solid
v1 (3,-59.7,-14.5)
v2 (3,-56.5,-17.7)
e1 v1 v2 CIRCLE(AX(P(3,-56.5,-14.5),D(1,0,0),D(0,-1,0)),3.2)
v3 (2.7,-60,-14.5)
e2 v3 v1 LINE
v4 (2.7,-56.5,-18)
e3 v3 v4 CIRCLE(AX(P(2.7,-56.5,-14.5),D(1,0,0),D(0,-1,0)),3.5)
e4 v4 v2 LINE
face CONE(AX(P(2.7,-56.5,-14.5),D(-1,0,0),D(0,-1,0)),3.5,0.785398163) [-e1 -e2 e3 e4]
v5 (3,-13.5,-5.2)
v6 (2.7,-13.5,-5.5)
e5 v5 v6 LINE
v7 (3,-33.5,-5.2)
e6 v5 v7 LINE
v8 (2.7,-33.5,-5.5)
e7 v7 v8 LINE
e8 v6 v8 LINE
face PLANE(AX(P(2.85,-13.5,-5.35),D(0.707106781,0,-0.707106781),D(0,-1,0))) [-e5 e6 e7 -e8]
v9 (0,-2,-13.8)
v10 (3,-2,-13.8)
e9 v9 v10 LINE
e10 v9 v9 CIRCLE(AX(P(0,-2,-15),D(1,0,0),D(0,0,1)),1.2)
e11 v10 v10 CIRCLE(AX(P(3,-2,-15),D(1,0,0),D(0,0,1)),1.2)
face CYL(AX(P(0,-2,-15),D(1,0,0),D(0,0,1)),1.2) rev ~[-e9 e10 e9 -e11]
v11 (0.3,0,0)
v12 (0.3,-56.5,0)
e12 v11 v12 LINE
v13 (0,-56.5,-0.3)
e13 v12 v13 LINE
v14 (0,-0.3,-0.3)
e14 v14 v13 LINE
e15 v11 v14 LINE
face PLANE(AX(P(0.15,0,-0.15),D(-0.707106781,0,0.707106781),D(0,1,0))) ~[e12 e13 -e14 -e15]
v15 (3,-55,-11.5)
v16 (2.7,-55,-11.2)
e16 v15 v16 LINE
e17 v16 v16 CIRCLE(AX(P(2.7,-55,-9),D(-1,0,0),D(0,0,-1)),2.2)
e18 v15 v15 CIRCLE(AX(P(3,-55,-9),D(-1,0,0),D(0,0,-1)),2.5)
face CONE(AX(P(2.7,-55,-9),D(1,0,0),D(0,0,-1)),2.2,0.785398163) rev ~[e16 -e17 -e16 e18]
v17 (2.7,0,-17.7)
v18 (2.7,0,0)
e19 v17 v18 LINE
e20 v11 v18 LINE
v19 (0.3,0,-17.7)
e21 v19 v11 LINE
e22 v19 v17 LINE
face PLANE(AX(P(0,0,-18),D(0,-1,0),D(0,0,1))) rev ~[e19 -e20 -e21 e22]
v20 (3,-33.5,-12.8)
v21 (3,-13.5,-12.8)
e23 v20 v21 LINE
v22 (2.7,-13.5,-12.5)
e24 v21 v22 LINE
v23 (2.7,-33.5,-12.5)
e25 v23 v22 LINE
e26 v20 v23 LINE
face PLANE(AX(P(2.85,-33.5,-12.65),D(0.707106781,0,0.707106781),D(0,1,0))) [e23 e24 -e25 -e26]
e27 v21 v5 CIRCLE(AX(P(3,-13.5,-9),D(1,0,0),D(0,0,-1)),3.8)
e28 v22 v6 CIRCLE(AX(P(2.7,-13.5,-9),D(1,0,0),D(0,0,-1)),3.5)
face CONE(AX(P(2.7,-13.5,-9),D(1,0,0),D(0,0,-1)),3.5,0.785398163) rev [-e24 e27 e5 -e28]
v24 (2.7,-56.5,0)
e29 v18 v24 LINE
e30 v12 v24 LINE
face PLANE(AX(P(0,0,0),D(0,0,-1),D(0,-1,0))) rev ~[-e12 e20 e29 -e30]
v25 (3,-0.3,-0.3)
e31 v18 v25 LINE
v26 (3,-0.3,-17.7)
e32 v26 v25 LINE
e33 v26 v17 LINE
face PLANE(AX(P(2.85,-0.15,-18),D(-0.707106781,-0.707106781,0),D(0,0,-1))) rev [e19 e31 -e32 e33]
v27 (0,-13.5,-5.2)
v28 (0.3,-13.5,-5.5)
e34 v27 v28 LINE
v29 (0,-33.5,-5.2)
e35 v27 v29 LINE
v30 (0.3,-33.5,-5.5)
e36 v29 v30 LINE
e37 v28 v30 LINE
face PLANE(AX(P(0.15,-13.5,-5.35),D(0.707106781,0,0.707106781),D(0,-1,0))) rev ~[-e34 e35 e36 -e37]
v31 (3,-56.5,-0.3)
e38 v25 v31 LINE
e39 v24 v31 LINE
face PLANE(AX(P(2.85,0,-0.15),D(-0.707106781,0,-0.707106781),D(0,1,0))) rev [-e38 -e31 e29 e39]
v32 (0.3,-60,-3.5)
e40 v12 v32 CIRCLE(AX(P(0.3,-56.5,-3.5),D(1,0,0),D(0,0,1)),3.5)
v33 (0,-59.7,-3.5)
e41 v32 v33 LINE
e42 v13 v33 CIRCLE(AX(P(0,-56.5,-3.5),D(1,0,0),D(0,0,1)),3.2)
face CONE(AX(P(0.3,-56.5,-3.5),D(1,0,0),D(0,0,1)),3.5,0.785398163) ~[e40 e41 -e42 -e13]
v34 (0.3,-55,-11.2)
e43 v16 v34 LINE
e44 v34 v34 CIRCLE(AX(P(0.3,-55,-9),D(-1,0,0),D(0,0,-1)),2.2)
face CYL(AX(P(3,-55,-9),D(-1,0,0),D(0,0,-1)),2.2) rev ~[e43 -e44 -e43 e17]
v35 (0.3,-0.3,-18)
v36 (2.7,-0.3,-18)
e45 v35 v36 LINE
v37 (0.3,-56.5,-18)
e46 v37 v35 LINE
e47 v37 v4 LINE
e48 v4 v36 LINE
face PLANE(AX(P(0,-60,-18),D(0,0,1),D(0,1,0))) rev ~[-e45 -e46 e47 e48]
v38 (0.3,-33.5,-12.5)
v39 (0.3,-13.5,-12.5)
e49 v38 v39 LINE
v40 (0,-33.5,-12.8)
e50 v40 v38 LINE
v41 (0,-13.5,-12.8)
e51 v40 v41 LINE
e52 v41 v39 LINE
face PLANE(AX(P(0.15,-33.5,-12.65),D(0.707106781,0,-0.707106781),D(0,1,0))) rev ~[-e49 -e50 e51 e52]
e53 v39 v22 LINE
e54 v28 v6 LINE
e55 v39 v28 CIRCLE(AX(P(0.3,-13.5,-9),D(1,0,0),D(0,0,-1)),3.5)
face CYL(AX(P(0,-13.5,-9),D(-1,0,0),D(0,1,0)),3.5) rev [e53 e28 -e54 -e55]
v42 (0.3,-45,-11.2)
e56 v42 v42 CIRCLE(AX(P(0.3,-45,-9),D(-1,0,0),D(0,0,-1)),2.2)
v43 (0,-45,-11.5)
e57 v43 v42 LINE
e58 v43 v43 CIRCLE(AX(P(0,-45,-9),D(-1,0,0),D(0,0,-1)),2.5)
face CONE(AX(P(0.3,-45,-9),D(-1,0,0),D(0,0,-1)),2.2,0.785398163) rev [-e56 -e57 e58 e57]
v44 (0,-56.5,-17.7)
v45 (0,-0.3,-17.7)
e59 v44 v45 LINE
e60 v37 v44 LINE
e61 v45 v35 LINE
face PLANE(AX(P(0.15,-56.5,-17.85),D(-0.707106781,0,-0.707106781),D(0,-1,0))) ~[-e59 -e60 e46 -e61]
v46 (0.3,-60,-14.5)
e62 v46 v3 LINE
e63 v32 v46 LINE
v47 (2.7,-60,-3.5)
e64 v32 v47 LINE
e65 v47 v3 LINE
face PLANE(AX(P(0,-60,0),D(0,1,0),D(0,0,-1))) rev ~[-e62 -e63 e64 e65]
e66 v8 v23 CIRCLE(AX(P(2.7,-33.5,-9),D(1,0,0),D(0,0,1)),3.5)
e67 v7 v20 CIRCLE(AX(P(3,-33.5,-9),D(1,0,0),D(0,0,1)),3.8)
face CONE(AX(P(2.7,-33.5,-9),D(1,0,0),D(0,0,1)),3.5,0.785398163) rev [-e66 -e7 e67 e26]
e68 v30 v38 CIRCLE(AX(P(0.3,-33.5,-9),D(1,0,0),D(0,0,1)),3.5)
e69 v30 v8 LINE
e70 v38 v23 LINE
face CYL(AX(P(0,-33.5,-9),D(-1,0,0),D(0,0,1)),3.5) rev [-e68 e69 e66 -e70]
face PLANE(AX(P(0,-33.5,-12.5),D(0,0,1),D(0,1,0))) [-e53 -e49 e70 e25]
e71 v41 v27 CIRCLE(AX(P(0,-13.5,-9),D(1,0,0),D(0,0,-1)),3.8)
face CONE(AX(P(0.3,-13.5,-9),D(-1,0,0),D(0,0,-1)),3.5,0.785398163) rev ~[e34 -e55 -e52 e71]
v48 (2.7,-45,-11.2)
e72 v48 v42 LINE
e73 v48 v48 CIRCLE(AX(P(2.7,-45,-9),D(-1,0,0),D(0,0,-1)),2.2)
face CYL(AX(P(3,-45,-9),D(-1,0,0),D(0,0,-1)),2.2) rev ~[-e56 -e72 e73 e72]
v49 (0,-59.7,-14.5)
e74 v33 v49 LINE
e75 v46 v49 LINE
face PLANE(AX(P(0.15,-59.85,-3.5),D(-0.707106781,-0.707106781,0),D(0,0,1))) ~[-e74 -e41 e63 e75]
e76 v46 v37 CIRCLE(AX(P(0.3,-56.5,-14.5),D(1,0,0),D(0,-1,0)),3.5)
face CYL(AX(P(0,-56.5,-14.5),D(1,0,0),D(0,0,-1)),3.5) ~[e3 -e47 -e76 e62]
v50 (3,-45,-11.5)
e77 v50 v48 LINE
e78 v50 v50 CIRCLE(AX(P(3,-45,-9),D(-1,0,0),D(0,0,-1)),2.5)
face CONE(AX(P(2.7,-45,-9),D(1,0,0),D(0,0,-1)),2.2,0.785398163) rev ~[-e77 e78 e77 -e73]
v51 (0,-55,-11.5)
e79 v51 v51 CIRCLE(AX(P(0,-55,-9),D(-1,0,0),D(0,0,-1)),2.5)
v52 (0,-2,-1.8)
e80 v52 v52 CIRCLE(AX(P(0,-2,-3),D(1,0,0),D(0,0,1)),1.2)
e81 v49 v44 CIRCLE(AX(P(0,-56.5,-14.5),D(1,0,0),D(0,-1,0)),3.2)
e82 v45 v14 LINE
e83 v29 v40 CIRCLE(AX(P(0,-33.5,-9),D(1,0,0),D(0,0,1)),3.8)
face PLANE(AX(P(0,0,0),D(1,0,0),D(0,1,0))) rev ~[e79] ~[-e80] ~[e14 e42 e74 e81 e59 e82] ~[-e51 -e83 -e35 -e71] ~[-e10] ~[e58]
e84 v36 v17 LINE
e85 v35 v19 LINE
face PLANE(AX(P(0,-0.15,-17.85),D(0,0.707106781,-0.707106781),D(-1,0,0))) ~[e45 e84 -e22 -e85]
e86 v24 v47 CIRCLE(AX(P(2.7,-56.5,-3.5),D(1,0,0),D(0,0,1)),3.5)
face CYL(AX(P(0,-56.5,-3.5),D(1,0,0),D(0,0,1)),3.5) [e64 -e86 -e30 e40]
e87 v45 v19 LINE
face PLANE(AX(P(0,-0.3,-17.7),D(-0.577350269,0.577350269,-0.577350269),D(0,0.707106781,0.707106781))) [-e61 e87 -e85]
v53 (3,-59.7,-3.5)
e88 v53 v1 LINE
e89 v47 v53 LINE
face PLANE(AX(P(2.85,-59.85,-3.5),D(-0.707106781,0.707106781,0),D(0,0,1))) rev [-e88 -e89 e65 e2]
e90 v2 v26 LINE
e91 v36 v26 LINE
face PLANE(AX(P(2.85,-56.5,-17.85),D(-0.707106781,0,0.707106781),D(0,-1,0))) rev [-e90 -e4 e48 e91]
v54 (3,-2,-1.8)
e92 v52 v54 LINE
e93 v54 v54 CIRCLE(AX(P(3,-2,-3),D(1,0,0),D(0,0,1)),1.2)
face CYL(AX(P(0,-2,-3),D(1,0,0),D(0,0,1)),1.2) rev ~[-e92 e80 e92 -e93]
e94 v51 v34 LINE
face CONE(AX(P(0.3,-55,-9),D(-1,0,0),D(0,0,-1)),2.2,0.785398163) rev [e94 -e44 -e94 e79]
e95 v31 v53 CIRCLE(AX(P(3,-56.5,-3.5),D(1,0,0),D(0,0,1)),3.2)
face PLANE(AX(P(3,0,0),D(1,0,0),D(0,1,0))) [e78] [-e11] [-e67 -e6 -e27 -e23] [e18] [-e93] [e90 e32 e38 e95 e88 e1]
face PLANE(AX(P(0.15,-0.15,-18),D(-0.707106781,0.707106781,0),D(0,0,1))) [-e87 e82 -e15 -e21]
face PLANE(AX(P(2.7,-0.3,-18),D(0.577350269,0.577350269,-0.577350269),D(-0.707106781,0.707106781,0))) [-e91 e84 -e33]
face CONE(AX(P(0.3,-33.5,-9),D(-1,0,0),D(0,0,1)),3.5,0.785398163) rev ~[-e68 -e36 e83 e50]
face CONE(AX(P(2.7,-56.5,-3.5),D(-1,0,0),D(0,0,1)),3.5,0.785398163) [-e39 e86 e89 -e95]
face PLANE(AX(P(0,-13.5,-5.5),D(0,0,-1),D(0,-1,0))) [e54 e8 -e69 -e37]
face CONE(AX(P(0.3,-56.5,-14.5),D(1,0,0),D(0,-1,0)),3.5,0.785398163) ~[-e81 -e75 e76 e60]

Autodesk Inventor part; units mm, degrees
ref_plane "YZ Plane" through (0, 0, 0) normal (1, 0, 0) x (0, 1, 0)
ref_plane "XZ Plane" through (0, 0, 0) normal (0, 1, 0) x (-1, 0, 0)
ref_plane "XY Plane" through (0, 0, 0) normal (0, 0, 1) x (1, 0, 0)
sketch "Sketch1" plane through (0, 0, 0) normal (1, 0, 0) x (0, 1, 0)
  line L0 (0, 0) -> (-60, 0)
  line L1 (-60, 0) -> (-60, -18)
  line L2 (-60, -18) -> (0, -18)
  line L3 (0, -18) -> (0, 0)
  line L4 (-13.5, -5.5) -> (-33.5, -5.5)
  line L5 (-37, -9) -> (-37, -9)
  line L6 (-33.5, -12.5) -> (-13.5, -12.5)
  line L7 (-10, -9) -> (-10, -9)
  arc A0 (-10, -9) -> (-13.5, -5.5) centre (-13.5, -9) ccw
  arc A1 (-13.5, -12.5) -> (-10, -9) centre (-13.5, -9) ccw
  arc A2 (-37, -9) -> (-33.5, -12.5) centre (-33.5, -9) ccw
  arc A3 (-33.5, -5.5) -> (-37, -9) centre (-33.5, -9) ccw
  point P0 (-37, -12.5)
  point P1 (-37, -5.5)
  point P2 (-10, -12.5)
  dimension "d0" = 60
  dimension "d1" = 18
  dimension "d2" = 27
  dimension "d3" = 7
  dimension "d4" = 5.5
  dimension "d5" = 10
  dimension "d6" = 3.5
extrude "Extrusion1" add sketch "Sketch1" along normal blind 3
sketch "Sketch2" plane through (3, 0, 0) normal (1, 0, 0) x (0, 0, -1)
  line L0 (18, -60) -> (18, 0) projected
  line L1 (0, -60) -> (18, -60) projected
  point P0 (0, 0)
  point P1 (9, -45)
  point P2 (9, -55)
  dimension "d9" = 9
  dimension "d10" = 9
  dimension "d11" = 5
  dimension "d12" = 10
hole "Hole1" at (3, -45, -9) at (3, -55, -9) direction (-1, 0, 0) diameter 4.4 depth 8.8 tip angle 118
fillet "Fillet1" radius 3.5 2 edges at (1.5, -60, 0) (1.5, -60, -18)
chamfer "Chamfer1" distance 0.3 angle 45 25 edges at (3, 0, -9) (3, -28.25, -18) (3, -58.9749, -16.9749) (3, -60, -9) (3, -58.9749, -1.0251) (3, -28.25, 0) (1.5, 0, -18) (0, -28.25, -18) (0, -58.9749, -16.9749) (0, -60, -9) (0, -58.9749, -1.0251) (0, -28.25, 0) (0, 0, -9) (0, -10, -9) (0, -23.5, -5.5) (0, -37, -9) (0, -23.5, -12.5) (3, -23.5, -5.5) (3, -10, -9) (3, -23.5, -12.5) (3, -37, -9) (0, -55, -6.8) (0, -45, -6.8) (3, -55, -6.8) (3, -45, -6.8)
sketch "Sketch3" plane through (0, 0, 0) normal (-1, 0, 0) x (0, 0, 1)
  line L0 (-18, -0.3) -> (-18, -56.5) projected
  line L1 (0, -56.5) -> (0, 0) projected
  line L2 (0, 0) -> (-17.7, 0) projected
  point P0 (-15, -2)
  point P1 (-3, -2)
  dimension "d24" = 3
  dimension "d25" = 3
  dimension "d26" = 2
  dimension "d27" = 2
hole "Hole2" at (0, -2, -15) at (0, -2, -3) direction (1, 0, 0) diameter 2.4 depth 8.8 tip angle 118
properties part number "Ramka3" material "Steel"
